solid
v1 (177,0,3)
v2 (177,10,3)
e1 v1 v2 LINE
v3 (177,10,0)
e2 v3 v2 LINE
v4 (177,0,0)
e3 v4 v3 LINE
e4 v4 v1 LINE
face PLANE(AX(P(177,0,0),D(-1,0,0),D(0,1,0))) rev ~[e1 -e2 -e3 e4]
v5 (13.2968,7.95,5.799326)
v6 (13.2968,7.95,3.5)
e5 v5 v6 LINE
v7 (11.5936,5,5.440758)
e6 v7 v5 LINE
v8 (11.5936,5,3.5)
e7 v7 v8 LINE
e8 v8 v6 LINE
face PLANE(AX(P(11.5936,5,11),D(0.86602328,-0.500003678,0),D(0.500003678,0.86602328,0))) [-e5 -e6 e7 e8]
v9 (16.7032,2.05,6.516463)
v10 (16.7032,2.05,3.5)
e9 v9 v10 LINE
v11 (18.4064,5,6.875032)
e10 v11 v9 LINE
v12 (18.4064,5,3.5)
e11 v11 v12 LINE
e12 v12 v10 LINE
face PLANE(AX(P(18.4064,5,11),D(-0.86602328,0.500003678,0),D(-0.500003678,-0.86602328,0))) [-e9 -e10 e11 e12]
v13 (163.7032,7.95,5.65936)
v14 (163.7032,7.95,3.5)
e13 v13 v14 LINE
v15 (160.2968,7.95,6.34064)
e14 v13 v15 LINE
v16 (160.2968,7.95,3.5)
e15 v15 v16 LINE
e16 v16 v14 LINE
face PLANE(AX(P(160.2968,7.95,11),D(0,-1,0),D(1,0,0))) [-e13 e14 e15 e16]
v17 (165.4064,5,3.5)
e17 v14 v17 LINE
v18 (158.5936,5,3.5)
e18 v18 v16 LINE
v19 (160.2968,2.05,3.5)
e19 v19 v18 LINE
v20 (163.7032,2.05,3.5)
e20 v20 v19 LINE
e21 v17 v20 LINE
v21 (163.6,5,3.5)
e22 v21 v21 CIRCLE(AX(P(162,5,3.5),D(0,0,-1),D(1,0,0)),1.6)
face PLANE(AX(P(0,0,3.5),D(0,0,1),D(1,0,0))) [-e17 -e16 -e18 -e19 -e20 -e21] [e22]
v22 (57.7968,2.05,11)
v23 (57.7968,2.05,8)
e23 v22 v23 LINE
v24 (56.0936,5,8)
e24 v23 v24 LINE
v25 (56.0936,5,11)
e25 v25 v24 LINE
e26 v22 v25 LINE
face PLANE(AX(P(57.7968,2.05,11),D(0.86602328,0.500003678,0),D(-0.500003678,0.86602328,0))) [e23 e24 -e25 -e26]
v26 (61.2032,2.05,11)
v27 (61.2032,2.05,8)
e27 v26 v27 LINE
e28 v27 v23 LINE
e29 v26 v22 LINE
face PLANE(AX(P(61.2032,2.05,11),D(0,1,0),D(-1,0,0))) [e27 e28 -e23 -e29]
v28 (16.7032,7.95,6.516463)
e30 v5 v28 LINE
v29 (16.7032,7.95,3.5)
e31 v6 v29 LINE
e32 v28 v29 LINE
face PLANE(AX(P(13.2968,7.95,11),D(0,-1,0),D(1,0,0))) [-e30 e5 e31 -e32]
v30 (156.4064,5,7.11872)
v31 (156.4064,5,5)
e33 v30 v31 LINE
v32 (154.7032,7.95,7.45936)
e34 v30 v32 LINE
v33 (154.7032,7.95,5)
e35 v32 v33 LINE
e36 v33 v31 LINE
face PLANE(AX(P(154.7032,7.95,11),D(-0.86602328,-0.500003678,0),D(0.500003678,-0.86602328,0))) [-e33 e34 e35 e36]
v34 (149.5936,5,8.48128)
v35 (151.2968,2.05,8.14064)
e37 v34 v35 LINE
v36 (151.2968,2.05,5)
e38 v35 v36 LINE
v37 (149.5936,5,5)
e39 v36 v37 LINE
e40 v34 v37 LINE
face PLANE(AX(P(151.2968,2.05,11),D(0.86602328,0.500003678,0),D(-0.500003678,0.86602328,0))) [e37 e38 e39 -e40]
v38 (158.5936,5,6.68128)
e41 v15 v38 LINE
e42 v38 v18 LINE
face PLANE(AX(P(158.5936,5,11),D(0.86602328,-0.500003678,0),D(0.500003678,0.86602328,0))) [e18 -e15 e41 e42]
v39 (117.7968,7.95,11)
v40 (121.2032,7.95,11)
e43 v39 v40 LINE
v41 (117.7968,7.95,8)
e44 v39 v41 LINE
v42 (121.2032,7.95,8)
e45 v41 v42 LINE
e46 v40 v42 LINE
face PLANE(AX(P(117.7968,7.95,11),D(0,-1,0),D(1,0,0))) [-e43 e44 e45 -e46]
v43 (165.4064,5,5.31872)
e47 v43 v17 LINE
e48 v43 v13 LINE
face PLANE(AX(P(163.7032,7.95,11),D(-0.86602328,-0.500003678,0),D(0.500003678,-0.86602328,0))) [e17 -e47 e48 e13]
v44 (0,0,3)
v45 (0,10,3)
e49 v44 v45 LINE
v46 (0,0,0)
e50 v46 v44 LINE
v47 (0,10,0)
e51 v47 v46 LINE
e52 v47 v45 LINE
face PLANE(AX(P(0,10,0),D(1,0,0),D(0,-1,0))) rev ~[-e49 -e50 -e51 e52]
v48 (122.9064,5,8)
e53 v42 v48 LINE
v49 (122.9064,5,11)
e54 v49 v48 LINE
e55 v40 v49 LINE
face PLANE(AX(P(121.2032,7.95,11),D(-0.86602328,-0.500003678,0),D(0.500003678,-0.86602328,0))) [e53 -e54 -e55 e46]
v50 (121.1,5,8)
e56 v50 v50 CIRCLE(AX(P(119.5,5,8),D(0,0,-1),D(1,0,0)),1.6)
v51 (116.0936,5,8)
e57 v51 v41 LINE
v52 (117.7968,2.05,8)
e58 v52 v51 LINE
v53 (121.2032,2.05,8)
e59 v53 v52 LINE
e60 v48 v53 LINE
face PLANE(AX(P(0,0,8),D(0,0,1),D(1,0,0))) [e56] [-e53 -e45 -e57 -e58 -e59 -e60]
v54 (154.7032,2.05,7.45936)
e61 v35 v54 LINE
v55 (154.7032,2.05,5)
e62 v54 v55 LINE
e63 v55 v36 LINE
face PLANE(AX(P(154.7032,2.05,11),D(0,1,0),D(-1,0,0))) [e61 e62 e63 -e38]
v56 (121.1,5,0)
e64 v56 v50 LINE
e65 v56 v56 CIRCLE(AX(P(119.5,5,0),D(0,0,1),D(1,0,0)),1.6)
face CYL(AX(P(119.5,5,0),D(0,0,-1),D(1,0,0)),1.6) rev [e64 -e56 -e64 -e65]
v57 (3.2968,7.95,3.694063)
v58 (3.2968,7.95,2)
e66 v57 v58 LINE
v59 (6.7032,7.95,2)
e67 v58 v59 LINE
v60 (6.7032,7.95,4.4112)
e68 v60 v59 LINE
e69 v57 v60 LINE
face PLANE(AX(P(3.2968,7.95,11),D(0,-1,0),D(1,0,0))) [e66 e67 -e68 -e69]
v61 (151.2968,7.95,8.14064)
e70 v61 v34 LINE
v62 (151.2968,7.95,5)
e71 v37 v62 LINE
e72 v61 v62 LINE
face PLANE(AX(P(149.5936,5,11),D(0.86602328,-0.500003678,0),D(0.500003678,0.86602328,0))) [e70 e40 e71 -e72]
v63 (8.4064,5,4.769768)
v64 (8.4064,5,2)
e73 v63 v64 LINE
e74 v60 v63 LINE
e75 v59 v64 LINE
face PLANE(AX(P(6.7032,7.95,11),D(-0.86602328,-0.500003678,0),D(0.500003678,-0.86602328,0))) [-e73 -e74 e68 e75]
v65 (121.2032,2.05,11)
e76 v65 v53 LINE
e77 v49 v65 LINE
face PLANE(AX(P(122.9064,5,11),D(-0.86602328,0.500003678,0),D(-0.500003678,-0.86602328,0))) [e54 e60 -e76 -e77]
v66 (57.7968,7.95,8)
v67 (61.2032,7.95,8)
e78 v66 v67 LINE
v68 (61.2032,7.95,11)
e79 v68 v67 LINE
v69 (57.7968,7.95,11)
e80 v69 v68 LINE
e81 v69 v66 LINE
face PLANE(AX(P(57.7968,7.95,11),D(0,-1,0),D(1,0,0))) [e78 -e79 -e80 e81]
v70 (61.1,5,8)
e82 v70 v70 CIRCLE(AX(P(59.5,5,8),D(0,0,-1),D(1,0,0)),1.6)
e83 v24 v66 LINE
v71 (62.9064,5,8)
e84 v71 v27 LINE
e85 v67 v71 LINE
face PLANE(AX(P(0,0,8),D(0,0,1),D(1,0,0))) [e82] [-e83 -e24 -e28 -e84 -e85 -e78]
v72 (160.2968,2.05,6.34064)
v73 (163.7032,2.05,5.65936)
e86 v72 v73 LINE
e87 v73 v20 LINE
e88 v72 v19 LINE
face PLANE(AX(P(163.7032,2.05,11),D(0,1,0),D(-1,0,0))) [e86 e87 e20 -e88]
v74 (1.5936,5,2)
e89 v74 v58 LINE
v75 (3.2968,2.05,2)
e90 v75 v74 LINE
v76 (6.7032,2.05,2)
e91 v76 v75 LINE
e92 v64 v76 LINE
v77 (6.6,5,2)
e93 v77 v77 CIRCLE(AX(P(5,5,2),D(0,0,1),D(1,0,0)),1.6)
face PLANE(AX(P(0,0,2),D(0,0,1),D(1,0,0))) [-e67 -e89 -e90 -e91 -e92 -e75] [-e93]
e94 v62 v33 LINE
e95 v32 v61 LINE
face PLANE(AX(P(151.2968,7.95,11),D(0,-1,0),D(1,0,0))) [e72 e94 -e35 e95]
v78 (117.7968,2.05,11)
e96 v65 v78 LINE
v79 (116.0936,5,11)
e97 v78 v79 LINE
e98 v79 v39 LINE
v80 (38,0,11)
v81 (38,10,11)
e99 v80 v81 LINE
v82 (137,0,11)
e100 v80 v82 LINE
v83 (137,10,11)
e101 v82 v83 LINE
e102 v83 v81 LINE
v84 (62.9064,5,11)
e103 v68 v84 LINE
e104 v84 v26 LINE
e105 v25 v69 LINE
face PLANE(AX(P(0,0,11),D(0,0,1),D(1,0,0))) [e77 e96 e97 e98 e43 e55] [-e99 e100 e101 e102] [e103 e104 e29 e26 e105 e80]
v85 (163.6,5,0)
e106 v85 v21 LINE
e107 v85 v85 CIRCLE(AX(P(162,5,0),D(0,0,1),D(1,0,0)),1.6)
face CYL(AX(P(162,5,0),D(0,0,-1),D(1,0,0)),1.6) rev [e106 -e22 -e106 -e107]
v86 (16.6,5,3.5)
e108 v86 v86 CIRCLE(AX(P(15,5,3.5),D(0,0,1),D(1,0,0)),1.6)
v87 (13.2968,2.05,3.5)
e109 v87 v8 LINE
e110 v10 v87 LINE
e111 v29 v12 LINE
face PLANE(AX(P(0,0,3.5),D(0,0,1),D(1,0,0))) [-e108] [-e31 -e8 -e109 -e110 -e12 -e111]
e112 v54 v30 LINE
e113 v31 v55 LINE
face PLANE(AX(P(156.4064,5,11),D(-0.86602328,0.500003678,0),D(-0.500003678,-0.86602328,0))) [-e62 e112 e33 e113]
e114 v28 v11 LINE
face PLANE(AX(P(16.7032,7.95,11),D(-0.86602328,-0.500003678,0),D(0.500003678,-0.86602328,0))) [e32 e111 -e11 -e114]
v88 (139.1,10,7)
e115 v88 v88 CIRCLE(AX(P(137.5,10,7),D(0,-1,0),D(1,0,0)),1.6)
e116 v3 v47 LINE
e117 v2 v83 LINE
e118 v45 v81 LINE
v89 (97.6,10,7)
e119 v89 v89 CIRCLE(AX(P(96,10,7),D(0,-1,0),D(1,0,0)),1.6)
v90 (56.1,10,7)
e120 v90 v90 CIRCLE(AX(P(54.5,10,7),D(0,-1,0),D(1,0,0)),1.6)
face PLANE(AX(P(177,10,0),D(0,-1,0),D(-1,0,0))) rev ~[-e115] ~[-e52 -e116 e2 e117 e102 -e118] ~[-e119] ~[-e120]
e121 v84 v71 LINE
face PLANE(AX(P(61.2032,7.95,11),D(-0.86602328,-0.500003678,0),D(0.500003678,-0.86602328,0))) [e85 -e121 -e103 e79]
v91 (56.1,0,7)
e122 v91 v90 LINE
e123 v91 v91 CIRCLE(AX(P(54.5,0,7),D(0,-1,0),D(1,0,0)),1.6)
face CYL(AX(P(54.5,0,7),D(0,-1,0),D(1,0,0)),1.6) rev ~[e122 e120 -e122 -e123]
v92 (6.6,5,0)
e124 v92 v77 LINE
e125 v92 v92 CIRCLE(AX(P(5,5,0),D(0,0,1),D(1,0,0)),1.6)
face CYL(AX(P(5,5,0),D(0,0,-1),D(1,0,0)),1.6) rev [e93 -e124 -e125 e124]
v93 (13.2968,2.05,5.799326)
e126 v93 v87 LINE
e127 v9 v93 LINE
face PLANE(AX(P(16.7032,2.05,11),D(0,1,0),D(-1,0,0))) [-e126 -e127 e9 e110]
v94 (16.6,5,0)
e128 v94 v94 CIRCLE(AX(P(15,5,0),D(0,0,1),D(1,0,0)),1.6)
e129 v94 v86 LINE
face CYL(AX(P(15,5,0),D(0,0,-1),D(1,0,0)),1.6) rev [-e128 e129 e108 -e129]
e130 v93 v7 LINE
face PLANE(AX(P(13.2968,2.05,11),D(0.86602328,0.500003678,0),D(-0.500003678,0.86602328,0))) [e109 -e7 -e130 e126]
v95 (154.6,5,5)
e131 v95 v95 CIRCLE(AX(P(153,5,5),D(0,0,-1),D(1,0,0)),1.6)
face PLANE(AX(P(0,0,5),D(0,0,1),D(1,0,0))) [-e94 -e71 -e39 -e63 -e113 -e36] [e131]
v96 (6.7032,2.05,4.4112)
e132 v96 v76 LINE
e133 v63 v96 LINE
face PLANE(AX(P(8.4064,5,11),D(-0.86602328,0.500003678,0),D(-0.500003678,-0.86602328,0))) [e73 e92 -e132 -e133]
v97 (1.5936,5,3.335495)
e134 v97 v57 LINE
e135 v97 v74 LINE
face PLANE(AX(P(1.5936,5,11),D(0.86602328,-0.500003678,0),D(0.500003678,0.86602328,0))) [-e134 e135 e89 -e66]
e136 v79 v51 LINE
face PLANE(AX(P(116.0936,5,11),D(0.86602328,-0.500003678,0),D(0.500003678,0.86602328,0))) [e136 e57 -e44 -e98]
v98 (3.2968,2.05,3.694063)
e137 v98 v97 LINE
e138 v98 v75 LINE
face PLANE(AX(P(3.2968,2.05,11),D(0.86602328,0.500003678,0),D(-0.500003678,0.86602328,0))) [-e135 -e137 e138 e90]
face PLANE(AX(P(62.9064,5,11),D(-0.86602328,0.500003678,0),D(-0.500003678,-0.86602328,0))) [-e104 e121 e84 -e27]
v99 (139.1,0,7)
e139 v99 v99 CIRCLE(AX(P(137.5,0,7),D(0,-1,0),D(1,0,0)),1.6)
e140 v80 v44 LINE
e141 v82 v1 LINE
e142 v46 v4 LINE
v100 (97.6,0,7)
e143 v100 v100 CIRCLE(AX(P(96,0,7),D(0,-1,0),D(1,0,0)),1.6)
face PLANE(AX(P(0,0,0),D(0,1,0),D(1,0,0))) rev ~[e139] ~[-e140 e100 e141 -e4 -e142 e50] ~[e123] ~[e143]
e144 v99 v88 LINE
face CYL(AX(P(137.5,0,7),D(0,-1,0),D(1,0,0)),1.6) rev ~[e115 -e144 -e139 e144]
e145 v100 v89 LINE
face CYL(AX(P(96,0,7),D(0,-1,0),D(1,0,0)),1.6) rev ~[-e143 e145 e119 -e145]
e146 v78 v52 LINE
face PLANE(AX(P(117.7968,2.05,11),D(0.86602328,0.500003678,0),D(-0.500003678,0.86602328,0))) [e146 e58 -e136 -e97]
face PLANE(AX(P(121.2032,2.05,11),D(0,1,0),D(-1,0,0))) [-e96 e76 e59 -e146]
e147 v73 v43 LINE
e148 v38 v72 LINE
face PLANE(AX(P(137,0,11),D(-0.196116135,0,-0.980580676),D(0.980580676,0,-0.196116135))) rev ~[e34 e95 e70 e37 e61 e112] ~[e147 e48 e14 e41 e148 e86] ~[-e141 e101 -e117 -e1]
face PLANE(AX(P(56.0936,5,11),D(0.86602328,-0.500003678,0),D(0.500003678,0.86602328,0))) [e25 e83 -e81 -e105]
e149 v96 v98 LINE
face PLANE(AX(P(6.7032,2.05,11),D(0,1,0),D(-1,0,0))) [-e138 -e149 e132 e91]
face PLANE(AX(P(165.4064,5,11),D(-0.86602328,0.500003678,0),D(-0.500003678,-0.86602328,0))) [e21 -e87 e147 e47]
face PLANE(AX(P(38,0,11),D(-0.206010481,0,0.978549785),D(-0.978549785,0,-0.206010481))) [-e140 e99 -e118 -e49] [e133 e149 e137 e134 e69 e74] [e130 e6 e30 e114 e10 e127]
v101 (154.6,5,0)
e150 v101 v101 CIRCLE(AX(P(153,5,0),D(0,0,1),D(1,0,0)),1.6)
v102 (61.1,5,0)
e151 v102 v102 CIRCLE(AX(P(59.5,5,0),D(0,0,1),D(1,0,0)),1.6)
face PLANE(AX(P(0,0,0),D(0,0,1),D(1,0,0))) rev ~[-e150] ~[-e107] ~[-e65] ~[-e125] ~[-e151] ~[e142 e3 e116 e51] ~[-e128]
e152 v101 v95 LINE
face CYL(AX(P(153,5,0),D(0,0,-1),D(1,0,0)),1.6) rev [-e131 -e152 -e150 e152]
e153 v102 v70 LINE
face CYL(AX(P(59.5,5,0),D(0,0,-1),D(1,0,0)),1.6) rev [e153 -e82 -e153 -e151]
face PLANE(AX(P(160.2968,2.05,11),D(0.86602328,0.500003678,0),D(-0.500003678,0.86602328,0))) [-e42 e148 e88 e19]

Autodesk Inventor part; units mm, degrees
ref_plane "YZ Plane" through (0, 0, 0) normal (1, 0, 0) x (0, 1, 0)
ref_plane "XZ Plane" through (0, 0, 0) normal (0, 1, 0) x (-1, 0, 0)
ref_plane "XY Plane" through (0, 0, 0) normal (0, 0, 1) x (1, 0, 0)
sketch "Sketch1" plane through (0, 0, 0) normal (0, 0, 1) x (1, 0, 0)
  line L0 (0, 0) -> (177, 0)
  line L1 (177, 0) -> (177, 10)
  line L2 (177, 10) -> (0, 10)
  line L3 (0, 10) -> (0, 0)
  circle A0 centre (59.5, 5) radius 1.6
  circle A1 centre (119.5, 5) radius 1.6
  circle A2 centre (162, 5) radius 1.6
  circle A3 centre (153, 5) radius 1.6
  circle A4 centre (15, 5) radius 1.6
  circle A5 centre (5, 5) radius 1.6
  dimension "d1" = 10
  dimension "d2" = 90
  dimension "d4" = 3.2
  dimension "d6" = 3.2
  dimension "d7" = 3.2
  dimension "d8" = 60
  dimension "d9" = 42.5
  dimension "d26" = 3.2
  dimension "d27" = 33.5
  dimension "d28" = 3.2
  dimension "d29" = 44.5
  dimension "d32" = 15
  dimension "d33" = 15
  dimension "d61" = 3.2
  dimension "d62" = 10
  dimension "d63" = 9
ref_plane "Work Plane2" through (0, 0, 0) normal (0, -1, 0) x (1, 0, 0)
sketch "Sketch2" plane through (0, 0, 0) normal (0, -1, 0) x (1, 0, 0)
  circle A0 centre (54.5, 7) radius 1.6
  circle A1 centre (137.5, 7) radius 1.6
  circle A2 centre (96, 7) radius 1.6
  point P0 (0, 0)
  dimension "d13" = 3.2
  dimension "d15" = 3.2
  dimension "d16" = 83
  dimension "d17" = 3.2
  dimension "d18" = 41.5
  dimension "d64" = 54.5
  dimension "d65" = 41.5
ref_plane "Work Plane1" through (0, 0, 11) normal (0, 0, 1) x (1, 0, 0)
extrude "klocek" add sketch "Sketch1" along normal blind 11
ref_plane "Work Plane3" through (0, 0, 0) normal (0, -1, 0) x (1, 0, 0)
extrude "prowadzenie osi" cut sketch "Sketch2" against normal up to next
ref_plane "Work Plane4" through (0, 0, 0) normal (0, -1, 0) x (1, 0, 0)
sketch "Sketch7" plane through (0, 0, 0) normal (0, -1, 0) x (1, 0, 0)
  line L0 (0, 11) -> (0, 3)
  line L1 (0, 11) -> (177, 11) projected
  line L2 (0, 11) -> (38, 11)
  line L3 (38, 11) -> (0, 3)
  point P0 (0, -1.8333)
  dimension "d86" = 8
  dimension "d87" = 38
sketch "Sketch8" plane through (0, 0, 0) normal (0, -1, 0) x (1, 0, 0)
  line L0 (177, 0) -> (177, 11) projected
  line L1 (177, 11) -> (177, 3)
  line L2 (177, 11) -> (0, 11) projected
  line L3 (177, 11) -> (137, 11)
  line L4 (137, 11) -> (177, 3)
  point P0 (0, 0)
  point P1 (40.8333, 11)
  dimension "d80" = 8
  dimension "d81" = 40
extrude "przedni skos" cut sketch "Sketch7" against normal up to next
extrude "tylni skos" cut sketch "Sketch8" against normal up to next
ref_plane "Work Plane7" through (0, 0, 11) normal (0, 0, 1) x (1, 0, 0)
sketch "Sketch5" plane through (0, 0, 11) normal (0, 0, 1) x (1, 0, 0)
  line L0 (62.9064, 5) -> (61.2032, 2.05)
  line L1 (61.2032, 2.05) -> (57.7968, 2.05)
  line L2 (57.7968, 2.05) -> (56.0936, 5)
  line L3 (56.0936, 5) -> (57.7968, 7.95)
  line L4 (57.7968, 7.95) -> (61.2032, 7.95)
  line L5 (61.2032, 7.95) -> (62.9064, 5)
  line L6 (122.9064, 5) -> (121.2032, 2.05)
  line L7 (121.2032, 2.05) -> (117.7968, 2.05)
  line L8 (117.7968, 2.05) -> (116.0936, 5)
  line L9 (116.0936, 5) -> (117.7968, 7.95)
  line L10 (117.7968, 7.95) -> (121.2032, 7.95)
  line L11 (121.2032, 7.95) -> (122.9064, 5)
  point P0 (59.5, 5)
  point P1 (119.5, 5)
  point P2 (119.5, 5)
  dimension "d44" = 5.9
  dimension "d45" = 5.9
extrude "hex insert middle" cut sketch "Sketch5" against normal blind 3
ref_plane "Work Plane6" through (0, 0, 11) normal (0, 0, 1) x (1, 0, 0)
sketch "Sketch9" plane through (0, 0, 11) normal (0, 0, 1) x (1, 0, 0)
  line L0 (156.4064, 5) -> (154.7032, 2.05)
  line L1 (154.7032, 2.05) -> (151.2968, 2.05)
  line L2 (151.2968, 2.05) -> (149.5936, 5)
  line L3 (149.5936, 5) -> (151.2968, 7.95)
  line L4 (151.2968, 7.95) -> (154.7032, 7.95)
  line L5 (154.7032, 7.95) -> (156.4064, 5)
  point P0 (0, 0)
  point P1 (153, 5)
  point P2 (153, 5)
  dimension "d51" = 5.9
extrude "hex insert rear 1" cut sketch "Sketch9" against normal blind 6
ref_plane "Work Plane5" through (0, 0, 11) normal (0, 0, 1) x (1, 0, 0)
sketch "Sketch10" plane through (0, 0, 11) normal (0, 0, 1) x (1, 0, 0)
  line L0 (160.2968, 7.95) -> (163.7032, 7.95)
  line L1 (163.7032, 7.95) -> (165.4064, 5)
  line L2 (165.4064, 5) -> (163.7032, 2.05)
  line L3 (163.7032, 2.05) -> (160.2968, 2.05)
  line L4 (160.2968, 2.05) -> (158.5936, 5)
  line L5 (158.5936, 5) -> (160.2968, 7.95)
  point P0 (0, 0)
  point P1 (162, 5)
  point P2 (162, 5)
  dimension "d72" = 5.9
extrude "hex insert rear 2" cut sketch "Sketch10" against normal blind 7.5
sketch "Sketch13" plane through (0, 0, 11) normal (0, 0, 1) x (1, 0, 0)
  circle A0 centre (5, 5) radius 1.6 projected
  line L0 (8.4064, 5) -> (6.7032, 2.05)
  line L1 (6.7032, 2.05) -> (3.2968, 2.05)
  line L2 (3.2968, 2.05) -> (1.5936, 5)
  line L3 (1.5936, 5) -> (3.2968, 7.95)
  line L4 (3.2968, 7.95) -> (6.7032, 7.95)
  line L5 (6.7032, 7.95) -> (8.4064, 5)
  point P0 (0, 0)
  dimension "d90" = 5.9
extrude "Extrusion18" cut sketch "Sketch13" against normal blind 9
sketch "Sketch16" plane through (0, 0, 11) normal (0, 0, 1) x (1, 0, 0)
  circle A0 centre (15, 5) radius 1.6 projected
  line L0 (18.4064, 5) -> (16.7032, 2.05)
  line L1 (16.7032, 2.05) -> (13.2968, 2.05)
  line L2 (13.2968, 2.05) -> (11.5936, 5)
  line L3 (11.5936, 5) -> (13.2968, 7.95)
  line L4 (13.2968, 7.95) -> (16.7032, 7.95)
  line L5 (16.7032, 7.95) -> (18.4064, 5)
  point P0 (0, 0)
  dimension "d93" = 5.9
extrude "Extrusion19" cut sketch "Sketch16" against normal blind 7.5
properties part number "wheel_support_long"
